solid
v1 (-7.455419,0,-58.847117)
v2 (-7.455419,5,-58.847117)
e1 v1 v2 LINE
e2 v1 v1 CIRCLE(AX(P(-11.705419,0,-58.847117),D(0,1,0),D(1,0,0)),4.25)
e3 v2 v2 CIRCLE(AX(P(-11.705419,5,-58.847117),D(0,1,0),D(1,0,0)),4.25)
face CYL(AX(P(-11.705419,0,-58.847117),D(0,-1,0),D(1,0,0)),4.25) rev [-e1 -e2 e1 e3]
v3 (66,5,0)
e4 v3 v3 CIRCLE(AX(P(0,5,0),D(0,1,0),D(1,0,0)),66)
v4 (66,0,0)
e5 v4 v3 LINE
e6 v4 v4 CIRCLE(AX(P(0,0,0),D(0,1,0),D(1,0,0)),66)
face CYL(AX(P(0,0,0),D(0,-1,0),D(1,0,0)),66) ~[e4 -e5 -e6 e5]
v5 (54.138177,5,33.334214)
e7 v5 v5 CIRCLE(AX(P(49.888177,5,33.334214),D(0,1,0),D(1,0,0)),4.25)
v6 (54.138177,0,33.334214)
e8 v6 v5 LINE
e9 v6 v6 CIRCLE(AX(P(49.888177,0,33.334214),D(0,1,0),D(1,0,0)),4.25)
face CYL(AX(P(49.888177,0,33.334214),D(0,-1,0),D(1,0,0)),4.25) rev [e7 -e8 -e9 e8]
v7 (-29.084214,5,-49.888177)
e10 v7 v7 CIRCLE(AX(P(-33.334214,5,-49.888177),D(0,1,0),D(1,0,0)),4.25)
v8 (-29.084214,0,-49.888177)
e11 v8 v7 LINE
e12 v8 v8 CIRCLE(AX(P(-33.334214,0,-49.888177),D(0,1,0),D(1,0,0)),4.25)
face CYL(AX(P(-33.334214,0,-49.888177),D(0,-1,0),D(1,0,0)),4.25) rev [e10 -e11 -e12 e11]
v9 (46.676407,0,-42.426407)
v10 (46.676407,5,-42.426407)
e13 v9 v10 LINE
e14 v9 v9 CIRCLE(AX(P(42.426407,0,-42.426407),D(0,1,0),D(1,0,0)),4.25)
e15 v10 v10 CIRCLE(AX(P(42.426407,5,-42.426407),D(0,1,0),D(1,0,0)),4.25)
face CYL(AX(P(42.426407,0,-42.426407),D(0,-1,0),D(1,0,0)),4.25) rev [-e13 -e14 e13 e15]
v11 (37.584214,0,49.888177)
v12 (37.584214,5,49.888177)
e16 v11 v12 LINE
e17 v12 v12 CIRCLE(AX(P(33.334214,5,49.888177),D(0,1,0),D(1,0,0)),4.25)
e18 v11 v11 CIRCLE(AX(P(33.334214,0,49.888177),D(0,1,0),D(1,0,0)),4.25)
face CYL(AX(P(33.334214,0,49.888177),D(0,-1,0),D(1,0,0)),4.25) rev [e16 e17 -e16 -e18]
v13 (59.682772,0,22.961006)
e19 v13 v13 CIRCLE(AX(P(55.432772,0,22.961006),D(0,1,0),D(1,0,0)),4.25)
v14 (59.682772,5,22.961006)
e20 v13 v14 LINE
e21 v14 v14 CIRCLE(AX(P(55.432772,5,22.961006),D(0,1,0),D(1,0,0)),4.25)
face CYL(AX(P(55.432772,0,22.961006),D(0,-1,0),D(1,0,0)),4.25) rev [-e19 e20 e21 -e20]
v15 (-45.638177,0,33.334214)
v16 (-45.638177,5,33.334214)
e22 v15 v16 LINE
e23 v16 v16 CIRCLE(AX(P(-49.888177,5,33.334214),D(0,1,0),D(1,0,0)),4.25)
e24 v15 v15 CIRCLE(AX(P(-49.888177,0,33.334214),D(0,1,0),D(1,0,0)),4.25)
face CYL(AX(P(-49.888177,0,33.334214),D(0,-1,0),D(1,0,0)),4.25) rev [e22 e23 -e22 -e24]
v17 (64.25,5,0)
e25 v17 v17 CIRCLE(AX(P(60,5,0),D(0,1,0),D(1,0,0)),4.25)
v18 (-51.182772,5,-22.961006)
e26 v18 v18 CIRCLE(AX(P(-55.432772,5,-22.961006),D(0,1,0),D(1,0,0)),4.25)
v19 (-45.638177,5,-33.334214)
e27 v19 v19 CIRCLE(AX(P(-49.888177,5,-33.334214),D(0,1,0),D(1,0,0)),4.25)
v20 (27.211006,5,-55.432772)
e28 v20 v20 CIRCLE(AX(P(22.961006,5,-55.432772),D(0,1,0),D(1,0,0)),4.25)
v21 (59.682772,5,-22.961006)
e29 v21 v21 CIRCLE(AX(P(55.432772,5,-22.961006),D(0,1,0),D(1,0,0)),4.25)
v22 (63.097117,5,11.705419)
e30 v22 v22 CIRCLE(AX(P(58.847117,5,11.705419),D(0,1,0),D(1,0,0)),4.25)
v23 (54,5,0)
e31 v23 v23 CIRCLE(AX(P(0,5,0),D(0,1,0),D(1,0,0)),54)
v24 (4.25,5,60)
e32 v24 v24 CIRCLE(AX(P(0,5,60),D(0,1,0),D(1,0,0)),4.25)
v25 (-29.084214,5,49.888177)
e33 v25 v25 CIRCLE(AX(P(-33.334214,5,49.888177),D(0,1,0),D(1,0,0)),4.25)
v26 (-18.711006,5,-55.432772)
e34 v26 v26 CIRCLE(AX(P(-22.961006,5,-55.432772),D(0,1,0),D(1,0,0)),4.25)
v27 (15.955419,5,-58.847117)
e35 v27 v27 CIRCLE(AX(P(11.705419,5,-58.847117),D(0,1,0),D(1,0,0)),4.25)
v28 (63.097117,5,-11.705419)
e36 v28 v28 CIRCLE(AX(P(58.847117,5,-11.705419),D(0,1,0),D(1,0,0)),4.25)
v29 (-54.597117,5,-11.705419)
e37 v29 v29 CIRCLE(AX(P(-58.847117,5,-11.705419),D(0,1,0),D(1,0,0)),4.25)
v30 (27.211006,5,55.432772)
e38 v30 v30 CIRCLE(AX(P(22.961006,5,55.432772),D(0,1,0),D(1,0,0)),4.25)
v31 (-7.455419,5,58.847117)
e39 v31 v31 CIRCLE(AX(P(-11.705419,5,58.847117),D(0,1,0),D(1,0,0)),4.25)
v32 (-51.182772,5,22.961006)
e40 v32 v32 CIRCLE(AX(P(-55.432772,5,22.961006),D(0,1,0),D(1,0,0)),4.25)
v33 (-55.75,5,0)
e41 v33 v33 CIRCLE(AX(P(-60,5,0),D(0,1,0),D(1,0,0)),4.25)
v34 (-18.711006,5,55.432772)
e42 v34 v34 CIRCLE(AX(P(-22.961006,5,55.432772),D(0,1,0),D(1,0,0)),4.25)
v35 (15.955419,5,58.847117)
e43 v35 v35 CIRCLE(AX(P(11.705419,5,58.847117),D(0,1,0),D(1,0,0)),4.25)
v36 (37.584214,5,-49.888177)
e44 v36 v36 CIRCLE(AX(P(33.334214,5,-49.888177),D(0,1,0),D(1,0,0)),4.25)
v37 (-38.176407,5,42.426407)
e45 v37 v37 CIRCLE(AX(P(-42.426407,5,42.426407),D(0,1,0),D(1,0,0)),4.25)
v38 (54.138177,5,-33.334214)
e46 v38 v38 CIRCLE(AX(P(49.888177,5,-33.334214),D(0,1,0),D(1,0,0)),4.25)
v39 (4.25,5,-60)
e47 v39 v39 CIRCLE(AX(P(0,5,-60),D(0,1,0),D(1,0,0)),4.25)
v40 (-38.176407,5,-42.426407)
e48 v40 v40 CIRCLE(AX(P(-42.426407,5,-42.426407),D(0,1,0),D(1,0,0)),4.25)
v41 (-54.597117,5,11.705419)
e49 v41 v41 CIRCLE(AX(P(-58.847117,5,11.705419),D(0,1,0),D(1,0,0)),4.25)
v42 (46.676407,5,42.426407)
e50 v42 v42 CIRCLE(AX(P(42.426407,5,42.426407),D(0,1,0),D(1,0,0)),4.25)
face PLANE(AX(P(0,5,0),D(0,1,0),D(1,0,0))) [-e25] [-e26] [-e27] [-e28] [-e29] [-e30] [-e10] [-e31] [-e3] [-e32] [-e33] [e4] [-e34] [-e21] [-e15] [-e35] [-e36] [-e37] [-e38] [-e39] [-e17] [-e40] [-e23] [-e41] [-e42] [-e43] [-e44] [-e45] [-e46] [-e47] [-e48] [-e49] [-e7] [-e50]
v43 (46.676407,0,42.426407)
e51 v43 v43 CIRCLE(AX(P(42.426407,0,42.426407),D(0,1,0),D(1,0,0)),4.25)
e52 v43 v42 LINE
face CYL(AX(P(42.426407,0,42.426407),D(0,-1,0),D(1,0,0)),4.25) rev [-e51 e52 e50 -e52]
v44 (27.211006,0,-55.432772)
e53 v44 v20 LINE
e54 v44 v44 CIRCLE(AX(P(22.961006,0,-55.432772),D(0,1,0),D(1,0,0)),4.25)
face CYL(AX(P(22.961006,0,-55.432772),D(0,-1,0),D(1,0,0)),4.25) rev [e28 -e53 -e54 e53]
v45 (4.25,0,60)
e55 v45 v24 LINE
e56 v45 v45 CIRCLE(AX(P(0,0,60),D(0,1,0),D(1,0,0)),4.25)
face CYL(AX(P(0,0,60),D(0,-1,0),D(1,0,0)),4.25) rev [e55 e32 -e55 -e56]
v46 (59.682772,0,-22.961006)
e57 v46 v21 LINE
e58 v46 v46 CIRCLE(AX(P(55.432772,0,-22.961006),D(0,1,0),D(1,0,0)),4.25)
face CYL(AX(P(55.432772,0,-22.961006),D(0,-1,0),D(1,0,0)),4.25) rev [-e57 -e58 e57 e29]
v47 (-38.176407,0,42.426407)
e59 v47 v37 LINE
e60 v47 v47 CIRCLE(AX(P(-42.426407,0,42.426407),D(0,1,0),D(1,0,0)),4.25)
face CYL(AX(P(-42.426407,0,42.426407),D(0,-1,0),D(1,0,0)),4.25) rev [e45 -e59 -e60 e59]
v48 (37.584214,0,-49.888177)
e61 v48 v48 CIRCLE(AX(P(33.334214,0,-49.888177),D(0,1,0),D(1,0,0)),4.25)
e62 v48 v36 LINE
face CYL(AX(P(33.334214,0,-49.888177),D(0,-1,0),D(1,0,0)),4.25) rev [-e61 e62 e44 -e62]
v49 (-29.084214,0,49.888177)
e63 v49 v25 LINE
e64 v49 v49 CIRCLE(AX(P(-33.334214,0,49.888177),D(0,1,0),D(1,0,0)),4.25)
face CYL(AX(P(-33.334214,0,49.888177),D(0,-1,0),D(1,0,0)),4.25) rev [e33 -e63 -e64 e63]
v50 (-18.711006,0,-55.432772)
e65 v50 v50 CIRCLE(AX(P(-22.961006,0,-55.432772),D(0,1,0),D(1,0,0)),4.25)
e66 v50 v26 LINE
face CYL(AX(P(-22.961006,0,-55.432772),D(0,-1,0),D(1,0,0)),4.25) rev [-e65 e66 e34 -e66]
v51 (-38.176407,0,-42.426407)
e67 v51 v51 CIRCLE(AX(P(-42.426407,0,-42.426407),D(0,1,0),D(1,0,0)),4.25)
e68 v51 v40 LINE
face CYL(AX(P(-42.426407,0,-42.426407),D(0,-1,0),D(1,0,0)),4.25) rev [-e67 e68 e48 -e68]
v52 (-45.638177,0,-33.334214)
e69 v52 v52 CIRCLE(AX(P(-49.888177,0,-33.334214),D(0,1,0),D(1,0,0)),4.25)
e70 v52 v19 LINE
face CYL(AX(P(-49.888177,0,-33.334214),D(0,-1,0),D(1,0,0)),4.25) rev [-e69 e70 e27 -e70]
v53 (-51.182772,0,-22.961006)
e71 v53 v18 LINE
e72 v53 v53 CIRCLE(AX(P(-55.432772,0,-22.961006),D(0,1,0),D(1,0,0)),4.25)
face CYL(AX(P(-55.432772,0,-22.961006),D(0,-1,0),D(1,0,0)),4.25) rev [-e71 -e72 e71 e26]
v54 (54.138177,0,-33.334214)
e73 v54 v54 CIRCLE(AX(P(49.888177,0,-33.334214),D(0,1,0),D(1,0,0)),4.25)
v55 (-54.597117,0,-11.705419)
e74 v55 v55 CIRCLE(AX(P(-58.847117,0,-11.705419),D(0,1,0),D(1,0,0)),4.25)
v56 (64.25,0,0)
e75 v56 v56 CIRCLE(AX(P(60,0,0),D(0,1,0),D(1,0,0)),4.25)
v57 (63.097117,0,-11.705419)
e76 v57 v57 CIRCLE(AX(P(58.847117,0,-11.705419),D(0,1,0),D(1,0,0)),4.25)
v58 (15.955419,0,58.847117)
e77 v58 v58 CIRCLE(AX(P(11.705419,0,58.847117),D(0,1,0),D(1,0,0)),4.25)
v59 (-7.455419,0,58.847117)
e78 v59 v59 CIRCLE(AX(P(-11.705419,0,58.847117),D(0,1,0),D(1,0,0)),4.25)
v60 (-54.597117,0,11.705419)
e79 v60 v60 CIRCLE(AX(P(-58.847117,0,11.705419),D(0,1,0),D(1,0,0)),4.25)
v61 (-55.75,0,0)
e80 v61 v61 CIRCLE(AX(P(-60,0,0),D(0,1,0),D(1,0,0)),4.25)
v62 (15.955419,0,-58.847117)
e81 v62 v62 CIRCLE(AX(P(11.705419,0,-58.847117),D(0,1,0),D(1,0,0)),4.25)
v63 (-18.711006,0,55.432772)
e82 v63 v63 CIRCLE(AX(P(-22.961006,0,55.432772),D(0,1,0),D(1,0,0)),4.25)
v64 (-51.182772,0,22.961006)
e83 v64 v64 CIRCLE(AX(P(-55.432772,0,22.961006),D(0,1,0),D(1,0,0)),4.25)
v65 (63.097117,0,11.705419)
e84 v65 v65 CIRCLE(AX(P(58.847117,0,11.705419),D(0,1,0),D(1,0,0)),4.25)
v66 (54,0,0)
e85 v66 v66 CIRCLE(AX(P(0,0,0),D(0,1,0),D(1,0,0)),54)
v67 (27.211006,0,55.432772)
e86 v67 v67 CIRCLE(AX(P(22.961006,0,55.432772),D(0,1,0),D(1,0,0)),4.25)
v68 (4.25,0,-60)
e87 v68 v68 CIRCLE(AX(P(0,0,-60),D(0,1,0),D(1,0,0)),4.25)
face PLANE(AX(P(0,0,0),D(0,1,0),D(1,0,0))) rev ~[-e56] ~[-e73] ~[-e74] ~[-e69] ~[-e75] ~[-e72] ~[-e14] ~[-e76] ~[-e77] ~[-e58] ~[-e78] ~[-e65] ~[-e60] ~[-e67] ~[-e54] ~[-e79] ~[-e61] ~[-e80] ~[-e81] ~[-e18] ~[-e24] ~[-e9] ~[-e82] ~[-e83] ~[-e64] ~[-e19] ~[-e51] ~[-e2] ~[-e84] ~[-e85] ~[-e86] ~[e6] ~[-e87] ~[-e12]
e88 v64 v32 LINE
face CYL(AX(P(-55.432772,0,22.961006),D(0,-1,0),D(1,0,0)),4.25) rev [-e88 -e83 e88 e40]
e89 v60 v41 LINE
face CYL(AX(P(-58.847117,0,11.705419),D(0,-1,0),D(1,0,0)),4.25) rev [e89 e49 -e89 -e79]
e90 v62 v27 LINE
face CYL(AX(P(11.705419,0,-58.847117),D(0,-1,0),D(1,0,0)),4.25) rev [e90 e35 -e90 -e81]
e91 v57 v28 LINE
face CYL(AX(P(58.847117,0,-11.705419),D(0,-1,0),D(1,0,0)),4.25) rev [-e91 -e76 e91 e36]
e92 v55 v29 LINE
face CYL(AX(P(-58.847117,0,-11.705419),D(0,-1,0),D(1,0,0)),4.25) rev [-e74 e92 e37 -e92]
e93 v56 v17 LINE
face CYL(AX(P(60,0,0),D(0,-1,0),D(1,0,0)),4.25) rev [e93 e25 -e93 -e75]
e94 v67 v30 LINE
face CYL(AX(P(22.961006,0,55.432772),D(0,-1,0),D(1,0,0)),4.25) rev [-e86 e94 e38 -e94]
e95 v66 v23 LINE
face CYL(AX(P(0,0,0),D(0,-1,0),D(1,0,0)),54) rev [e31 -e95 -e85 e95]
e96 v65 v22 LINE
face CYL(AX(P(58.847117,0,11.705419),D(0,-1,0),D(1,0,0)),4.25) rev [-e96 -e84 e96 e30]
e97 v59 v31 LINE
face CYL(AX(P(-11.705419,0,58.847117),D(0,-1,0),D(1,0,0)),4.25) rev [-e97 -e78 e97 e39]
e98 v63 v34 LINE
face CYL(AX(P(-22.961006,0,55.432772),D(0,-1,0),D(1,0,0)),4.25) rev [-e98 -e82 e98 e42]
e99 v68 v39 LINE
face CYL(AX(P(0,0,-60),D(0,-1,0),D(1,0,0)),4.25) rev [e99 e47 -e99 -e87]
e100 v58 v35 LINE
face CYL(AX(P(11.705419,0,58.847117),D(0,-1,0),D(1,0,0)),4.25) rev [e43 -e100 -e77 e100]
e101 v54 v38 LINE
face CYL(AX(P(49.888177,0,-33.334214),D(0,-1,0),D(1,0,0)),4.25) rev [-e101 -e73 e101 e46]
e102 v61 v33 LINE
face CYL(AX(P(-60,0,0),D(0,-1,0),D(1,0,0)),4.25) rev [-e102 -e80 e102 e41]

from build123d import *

# Parameters (mm, degrees)
SKETCH1_R           = 66
SKETCH1_R_2         = 54
SKETCH1_R_3         = 4.25
BOSS_EXTRUDE1_DEPTH = 5


with BuildPart() as part:
    # Sketch1 → Boss-Extrude1 (new body)
    with BuildSketch(Plane(origin=(0, 0, 0), x_dir=(1, 0, 0), z_dir=(0, 1, 0))):
        Circle(SKETCH1_R)
        Circle(SKETCH1_R_2, mode=Mode.SUBTRACT)
        with Locations((0, 60)):
            Circle(SKETCH1_R_3, mode=Mode.SUBTRACT)
        with Locations((11.705419321, 58.847116824)):
            Circle(SKETCH1_R_3, mode=Mode.SUBTRACT)
        with Locations((22.961005942, 55.432771951)):
            Circle(SKETCH1_R_3, mode=Mode.SUBTRACT)
        with Locations((33.334213981, 49.888176738)):
            Circle(SKETCH1_R_3, mode=Mode.SUBTRACT)
        with Locations((42.426406871, 42.426406871)):
            Circle(SKETCH1_R_3, mode=Mode.SUBTRACT)
        with Locations((49.888176738, 33.334213981)):
            Circle(SKETCH1_R_3, mode=Mode.SUBTRACT)
        with Locations((55.432771951, 22.961005942)):
            Circle(SKETCH1_R_3, mode=Mode.SUBTRACT)
        with Locations((58.847116824, 11.705419321)):
            Circle(SKETCH1_R_3, mode=Mode.SUBTRACT)
        with Locations((60, 0)):
            Circle(SKETCH1_R_3, mode=Mode.SUBTRACT)
        with Locations((58.847116824, -11.705419321)):
            Circle(SKETCH1_R_3, mode=Mode.SUBTRACT)
        with Locations((55.432771951, -22.961005942)):
            Circle(SKETCH1_R_3, mode=Mode.SUBTRACT)
        with Locations((49.888176738, -33.334213981)):
            Circle(SKETCH1_R_3, mode=Mode.SUBTRACT)
        with Locations((42.426406871, -42.426406871)):
            Circle(SKETCH1_R_3, mode=Mode.SUBTRACT)
        with Locations((33.334213981, -49.888176738)):
            Circle(SKETCH1_R_3, mode=Mode.SUBTRACT)
        with Locations((22.961005942, -55.432771951)):
            Circle(SKETCH1_R_3, mode=Mode.SUBTRACT)
        with Locations((11.705419321, -58.847116824)):
            Circle(SKETCH1_R_3, mode=Mode.SUBTRACT)
        with Locations((0, -60)):
            Circle(SKETCH1_R_3, mode=Mode.SUBTRACT)
        with Locations((-11.705419321, -58.847116824)):
            Circle(SKETCH1_R_3, mode=Mode.SUBTRACT)
        with Locations((-22.961005942, -55.432771951)):
            Circle(SKETCH1_R_3, mode=Mode.SUBTRACT)
        with Locations((-33.334213981, -49.888176738)):
            Circle(SKETCH1_R_3, mode=Mode.SUBTRACT)
        with Locations((-42.426406871, -42.426406871)):
            Circle(SKETCH1_R_3, mode=Mode.SUBTRACT)
        with Locations((-49.888176738, -33.334213981)):
            Circle(SKETCH1_R_3, mode=Mode.SUBTRACT)
        with Locations((-55.432771951, -22.961005942)):
            Circle(SKETCH1_R_3, mode=Mode.SUBTRACT)
        with Locations((-58.847116824, -11.705419321)):
            Circle(SKETCH1_R_3, mode=Mode.SUBTRACT)
        with Locations((-60, 0)):
            Circle(SKETCH1_R_3, mode=Mode.SUBTRACT)
        with Locations((-58.847116824, 11.705419321)):
            Circle(SKETCH1_R_3, mode=Mode.SUBTRACT)
        with Locations((-55.432771951, 22.961005942)):
            Circle(SKETCH1_R_3, mode=Mode.SUBTRACT)
        with Locations((-49.888176738, 33.334213981)):
            Circle(SKETCH1_R_3, mode=Mode.SUBTRACT)
        with Locations((-42.426406871, 42.426406871)):
            Circle(SKETCH1_R_3, mode=Mode.SUBTRACT)
        with Locations((-33.334213981, 49.888176738)):
            Circle(SKETCH1_R_3, mode=Mode.SUBTRACT)
        with Locations((-22.961005942, 55.432771951)):
            Circle(SKETCH1_R_3, mode=Mode.SUBTRACT)
        with Locations((-11.705419321, 58.847116824)):
            Circle(SKETCH1_R_3, mode=Mode.SUBTRACT)
    extrude(amount=BOSS_EXTRUDE1_DEPTH)


solid = part.part
